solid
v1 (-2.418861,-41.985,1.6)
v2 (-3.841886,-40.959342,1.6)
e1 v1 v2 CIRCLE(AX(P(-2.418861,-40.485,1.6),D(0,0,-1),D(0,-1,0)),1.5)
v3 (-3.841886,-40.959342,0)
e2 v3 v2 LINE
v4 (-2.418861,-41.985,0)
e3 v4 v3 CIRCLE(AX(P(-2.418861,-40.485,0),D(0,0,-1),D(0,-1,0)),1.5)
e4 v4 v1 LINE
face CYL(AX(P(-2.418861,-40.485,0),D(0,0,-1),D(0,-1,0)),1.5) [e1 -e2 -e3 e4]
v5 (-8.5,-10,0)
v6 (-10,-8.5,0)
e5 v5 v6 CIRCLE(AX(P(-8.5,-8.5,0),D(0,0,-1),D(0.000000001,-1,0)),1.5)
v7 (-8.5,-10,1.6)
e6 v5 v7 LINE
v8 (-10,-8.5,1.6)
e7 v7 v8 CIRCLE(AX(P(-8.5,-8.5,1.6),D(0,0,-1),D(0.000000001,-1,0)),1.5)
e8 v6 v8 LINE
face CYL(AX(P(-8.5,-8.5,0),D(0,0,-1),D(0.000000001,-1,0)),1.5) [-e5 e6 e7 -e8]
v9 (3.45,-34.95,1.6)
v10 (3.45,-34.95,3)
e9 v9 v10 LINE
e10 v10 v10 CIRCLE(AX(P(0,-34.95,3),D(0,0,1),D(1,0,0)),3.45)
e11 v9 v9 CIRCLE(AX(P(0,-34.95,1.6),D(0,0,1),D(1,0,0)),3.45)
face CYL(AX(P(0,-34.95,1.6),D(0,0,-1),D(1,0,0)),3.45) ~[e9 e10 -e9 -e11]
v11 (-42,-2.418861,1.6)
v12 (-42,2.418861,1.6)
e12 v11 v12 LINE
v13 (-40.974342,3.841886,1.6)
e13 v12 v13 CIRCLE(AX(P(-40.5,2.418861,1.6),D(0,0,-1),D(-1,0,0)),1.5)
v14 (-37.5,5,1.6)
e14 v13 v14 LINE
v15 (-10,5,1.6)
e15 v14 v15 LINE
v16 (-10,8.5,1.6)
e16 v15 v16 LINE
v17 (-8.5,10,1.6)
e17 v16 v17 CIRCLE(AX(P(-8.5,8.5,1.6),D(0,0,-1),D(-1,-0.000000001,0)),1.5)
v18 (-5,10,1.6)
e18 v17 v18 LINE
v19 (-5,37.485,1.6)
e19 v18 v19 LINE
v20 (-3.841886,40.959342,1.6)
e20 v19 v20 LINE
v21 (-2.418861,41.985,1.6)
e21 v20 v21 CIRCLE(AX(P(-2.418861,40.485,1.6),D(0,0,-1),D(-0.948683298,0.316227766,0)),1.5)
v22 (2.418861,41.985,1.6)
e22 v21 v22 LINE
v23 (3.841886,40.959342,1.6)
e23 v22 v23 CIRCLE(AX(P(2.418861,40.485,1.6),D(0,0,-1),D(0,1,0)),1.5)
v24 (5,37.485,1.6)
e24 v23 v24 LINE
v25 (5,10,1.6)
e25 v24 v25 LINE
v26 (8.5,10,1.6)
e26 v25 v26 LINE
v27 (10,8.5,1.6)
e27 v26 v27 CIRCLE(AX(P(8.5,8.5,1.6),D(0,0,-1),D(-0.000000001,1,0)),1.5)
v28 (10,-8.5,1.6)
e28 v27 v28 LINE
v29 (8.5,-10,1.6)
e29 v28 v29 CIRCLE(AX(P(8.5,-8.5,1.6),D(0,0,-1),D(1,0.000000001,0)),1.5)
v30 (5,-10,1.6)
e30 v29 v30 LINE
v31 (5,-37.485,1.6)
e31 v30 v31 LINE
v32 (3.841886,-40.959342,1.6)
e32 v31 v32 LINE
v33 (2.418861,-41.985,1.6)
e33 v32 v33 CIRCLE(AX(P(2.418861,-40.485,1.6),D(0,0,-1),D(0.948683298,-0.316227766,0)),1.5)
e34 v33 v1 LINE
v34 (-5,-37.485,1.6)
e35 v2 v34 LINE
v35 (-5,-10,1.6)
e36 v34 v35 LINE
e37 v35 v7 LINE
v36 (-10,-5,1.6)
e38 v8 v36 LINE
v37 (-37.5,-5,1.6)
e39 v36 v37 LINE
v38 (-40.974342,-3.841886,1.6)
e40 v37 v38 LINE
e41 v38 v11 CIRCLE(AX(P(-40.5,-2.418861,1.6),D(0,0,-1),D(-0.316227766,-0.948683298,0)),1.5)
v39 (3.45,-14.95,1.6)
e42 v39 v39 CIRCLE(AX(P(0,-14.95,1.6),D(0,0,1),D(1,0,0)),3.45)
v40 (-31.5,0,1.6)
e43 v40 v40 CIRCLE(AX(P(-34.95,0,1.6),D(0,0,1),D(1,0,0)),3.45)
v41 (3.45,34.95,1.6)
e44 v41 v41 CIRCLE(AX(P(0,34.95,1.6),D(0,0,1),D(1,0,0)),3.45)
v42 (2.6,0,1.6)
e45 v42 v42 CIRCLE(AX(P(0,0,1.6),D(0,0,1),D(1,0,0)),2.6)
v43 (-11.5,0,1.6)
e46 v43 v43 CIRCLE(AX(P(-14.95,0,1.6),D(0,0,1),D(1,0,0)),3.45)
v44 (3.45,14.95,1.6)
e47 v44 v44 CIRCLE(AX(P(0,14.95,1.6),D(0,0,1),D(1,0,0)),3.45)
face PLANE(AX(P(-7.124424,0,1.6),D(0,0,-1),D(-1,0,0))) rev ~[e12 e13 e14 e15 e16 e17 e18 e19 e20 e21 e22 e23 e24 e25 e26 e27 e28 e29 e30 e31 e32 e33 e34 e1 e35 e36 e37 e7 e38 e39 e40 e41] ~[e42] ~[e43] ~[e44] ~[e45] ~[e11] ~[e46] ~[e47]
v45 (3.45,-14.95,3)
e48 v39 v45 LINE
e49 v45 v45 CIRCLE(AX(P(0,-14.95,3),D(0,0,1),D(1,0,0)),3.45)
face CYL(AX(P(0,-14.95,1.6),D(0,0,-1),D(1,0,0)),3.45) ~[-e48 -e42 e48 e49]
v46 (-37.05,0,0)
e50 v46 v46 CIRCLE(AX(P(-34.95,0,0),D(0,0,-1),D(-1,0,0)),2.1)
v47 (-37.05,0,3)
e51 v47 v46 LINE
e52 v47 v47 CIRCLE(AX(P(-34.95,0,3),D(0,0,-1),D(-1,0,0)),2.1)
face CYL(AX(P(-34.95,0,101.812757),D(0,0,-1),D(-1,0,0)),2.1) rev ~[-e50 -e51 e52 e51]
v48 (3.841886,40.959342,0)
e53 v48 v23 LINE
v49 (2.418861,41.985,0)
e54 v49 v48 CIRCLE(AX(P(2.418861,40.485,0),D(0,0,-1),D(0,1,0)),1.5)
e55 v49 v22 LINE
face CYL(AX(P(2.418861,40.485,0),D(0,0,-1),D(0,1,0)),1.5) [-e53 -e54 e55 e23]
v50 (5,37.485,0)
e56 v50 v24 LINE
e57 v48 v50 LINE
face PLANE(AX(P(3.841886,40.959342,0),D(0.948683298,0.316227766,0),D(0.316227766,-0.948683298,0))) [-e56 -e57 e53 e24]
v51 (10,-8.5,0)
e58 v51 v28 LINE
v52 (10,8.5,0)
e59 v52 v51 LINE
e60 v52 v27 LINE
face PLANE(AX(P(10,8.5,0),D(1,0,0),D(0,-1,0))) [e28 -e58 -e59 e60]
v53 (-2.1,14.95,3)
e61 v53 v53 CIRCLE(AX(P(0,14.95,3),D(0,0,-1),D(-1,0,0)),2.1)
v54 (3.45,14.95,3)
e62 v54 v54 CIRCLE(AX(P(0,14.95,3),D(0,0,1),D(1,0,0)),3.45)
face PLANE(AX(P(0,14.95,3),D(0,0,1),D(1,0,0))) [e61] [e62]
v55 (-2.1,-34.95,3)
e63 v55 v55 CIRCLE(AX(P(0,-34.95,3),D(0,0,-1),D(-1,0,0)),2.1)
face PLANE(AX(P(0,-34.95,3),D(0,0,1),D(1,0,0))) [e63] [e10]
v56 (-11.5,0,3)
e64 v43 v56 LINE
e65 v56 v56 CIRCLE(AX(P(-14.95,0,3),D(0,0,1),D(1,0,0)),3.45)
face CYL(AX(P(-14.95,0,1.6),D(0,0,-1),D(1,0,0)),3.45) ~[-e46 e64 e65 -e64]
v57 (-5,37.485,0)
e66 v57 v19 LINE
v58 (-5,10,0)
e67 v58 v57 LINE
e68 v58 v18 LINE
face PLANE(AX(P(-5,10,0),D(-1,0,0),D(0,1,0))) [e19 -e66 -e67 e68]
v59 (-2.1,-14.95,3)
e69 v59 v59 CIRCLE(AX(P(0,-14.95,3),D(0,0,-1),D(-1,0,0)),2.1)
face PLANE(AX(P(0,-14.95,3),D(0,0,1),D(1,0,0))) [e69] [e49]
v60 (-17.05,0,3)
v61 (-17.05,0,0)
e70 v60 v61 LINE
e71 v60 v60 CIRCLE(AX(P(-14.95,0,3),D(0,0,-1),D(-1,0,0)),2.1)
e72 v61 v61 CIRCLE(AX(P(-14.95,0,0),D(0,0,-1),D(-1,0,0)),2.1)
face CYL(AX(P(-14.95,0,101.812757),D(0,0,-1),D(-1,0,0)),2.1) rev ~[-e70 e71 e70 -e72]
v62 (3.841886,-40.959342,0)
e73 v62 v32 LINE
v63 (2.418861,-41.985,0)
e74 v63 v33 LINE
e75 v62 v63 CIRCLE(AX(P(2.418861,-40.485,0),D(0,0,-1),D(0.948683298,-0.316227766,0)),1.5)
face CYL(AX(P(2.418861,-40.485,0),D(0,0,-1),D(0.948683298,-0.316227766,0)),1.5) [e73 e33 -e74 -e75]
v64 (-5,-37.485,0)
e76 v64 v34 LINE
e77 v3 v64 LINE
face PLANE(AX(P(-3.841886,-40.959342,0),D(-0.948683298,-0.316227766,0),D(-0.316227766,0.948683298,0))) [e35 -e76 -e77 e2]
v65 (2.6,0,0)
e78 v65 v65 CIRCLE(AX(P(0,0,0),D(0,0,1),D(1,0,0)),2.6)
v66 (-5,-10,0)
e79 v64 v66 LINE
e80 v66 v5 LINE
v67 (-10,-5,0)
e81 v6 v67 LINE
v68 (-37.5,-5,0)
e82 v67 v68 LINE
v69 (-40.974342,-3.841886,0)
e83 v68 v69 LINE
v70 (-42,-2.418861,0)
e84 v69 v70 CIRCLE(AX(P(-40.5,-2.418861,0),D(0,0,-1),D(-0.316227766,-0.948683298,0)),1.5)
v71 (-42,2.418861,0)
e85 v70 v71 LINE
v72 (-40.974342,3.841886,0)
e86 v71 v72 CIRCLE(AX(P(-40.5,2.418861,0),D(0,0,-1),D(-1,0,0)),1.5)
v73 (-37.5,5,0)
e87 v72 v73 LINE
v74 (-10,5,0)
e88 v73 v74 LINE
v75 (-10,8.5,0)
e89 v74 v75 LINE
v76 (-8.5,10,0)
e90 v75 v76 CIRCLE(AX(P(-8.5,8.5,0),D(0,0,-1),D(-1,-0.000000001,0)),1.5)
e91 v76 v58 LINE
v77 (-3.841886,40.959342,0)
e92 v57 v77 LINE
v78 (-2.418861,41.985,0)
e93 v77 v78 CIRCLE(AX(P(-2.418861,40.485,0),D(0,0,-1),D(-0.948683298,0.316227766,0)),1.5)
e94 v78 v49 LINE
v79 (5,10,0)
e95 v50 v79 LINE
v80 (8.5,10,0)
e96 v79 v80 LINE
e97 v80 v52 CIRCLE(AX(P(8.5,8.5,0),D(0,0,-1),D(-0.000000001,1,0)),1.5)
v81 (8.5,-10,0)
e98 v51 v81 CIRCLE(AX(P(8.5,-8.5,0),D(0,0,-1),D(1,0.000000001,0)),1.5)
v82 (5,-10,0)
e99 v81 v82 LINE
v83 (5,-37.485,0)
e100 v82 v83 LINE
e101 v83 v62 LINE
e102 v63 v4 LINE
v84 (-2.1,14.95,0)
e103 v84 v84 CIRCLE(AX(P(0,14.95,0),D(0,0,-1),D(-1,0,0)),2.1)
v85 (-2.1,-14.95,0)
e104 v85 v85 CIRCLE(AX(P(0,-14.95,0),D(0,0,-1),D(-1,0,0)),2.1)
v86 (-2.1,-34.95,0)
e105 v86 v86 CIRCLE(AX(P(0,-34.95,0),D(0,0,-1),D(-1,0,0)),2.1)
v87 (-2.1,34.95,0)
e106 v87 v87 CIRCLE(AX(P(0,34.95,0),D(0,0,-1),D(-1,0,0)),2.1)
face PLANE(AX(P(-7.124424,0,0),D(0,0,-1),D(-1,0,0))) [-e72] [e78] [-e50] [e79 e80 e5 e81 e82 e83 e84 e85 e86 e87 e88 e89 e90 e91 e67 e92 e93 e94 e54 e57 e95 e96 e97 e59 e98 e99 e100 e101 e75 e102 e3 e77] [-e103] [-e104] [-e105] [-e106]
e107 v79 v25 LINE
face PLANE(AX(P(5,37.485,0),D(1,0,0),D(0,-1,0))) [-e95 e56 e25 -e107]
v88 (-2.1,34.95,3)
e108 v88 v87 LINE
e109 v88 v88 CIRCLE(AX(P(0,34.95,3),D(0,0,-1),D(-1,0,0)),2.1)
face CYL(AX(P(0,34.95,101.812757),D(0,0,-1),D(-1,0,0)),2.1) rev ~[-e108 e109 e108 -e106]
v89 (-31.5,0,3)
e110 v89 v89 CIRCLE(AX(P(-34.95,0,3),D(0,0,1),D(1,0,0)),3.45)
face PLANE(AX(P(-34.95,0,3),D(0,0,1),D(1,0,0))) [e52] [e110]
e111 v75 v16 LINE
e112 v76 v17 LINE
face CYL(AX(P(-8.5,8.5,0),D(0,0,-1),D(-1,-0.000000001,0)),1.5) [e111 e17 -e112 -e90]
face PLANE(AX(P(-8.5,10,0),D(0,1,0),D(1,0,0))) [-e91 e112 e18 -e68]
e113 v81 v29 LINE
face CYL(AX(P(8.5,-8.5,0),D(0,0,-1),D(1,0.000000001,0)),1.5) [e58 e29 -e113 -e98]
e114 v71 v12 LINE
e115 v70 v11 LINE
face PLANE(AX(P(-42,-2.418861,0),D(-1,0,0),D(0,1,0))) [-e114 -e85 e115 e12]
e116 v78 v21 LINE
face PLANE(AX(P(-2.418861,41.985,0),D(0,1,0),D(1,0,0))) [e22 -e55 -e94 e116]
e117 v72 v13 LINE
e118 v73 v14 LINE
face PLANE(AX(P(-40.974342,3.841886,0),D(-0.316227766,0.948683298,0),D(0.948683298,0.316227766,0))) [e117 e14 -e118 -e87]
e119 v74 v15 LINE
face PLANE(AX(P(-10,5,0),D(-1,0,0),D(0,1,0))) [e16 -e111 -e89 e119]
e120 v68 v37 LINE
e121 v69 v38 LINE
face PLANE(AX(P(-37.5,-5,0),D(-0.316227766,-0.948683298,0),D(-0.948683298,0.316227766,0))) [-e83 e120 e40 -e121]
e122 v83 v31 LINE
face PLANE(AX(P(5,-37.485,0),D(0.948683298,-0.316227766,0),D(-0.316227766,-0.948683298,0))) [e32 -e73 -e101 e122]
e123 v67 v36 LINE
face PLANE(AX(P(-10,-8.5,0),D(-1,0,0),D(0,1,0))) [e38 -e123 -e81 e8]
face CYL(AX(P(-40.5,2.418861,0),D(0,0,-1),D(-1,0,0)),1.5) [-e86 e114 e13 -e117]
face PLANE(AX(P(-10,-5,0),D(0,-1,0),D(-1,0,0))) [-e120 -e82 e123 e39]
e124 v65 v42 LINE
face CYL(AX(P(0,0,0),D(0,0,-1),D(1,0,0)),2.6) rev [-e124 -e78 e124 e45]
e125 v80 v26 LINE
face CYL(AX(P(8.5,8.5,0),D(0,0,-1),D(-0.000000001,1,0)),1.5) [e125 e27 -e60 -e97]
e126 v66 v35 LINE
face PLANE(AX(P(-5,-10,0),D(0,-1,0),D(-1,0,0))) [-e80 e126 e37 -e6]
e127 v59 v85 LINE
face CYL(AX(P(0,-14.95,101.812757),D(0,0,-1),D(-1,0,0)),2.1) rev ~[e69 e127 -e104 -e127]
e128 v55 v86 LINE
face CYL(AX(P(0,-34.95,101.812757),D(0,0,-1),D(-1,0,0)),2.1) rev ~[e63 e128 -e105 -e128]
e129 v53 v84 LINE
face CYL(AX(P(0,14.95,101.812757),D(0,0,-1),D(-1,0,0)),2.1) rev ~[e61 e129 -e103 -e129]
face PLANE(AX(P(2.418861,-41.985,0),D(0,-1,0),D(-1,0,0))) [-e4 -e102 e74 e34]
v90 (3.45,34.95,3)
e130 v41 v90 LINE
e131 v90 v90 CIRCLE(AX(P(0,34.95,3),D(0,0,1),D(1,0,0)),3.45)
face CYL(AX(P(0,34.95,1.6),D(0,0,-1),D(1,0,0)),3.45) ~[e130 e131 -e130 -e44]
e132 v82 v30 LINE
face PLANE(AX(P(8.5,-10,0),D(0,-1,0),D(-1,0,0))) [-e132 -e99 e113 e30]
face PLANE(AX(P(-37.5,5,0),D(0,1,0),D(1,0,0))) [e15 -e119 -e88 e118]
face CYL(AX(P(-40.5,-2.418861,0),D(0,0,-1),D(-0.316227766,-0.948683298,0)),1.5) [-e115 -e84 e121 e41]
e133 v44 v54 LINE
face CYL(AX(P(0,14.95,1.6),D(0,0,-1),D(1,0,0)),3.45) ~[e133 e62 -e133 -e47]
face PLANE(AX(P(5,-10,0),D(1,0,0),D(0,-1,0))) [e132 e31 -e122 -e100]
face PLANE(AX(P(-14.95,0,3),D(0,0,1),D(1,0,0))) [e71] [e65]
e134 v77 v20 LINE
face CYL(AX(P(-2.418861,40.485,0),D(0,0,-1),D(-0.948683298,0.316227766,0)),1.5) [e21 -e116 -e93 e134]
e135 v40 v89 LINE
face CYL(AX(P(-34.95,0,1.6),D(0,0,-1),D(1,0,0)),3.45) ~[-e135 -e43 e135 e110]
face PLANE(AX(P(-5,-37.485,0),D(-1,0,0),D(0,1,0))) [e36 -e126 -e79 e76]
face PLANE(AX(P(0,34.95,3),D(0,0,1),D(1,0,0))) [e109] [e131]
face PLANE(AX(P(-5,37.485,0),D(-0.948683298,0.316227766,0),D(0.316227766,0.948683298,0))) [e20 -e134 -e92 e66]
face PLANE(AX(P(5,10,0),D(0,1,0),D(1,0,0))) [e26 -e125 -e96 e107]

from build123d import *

# Parameters (mm, degrees)
SKETCH1_R             = 2.6
BOSS_EXTRUDE1_DEPTH   = 1.6
SKETCH2_R             = 3.45
BOSS_EXTRUDE2_DEPTH   = 1.4
M5X0_8_TAPPED_HOLE1_D = 4.2


with BuildPart() as part:
    # Sketch1 → Boss-Extrude1 (new body)
    with BuildSketch(Plane.XY):
        with BuildLine():
            Line((-10, -8.5), (-10, -5))
            Line((-10, -5), (-37.5, -5))
            Line((-37.5, -5), (-40.974341649, -3.841886117))
            ThreePointArc((-40.974341649, -3.841886117), (-41.716863278, -3.295926597), (-42, -2.41886117))
            Line((-42, -2.41886117), (-42, 2.41886117))
            ThreePointArc((-42, 2.41886117), (-41.716863278, 3.295926597), (-40.974341649, 3.841886117))
            Line((-40.974341649, 3.841886117), (-37.5, 5))
            Line((-37.5, 5), (-10, 5))
            Line((-10, 5), (-10, 8.5))
            ThreePointArc((-10, 8.5), (-9.560660172, 9.560660172), (-8.5, 10))
            Line((-8.5, 10), (-5, 10))
            Line((-5, 10), (-5, 37.485))
            Line((-5, 37.485), (-3.841886117, 40.959341649))
            ThreePointArc((-3.841886117, 40.959341649), (-3.295926597, 41.701863278), (-2.41886117, 41.985))
            Line((-2.41886117, 41.985), (2.41886117, 41.985))
            ThreePointArc((2.41886117, 41.985), (3.295926597, 41.701863278), (3.841886117, 40.959341649))
            Line((3.841886117, 40.959341649), (5, 37.485))
            Line((5, 37.485), (5, 10))
            Line((5, 10), (8.5, 10))
            ThreePointArc((8.5, 10), (9.560660172, 9.560660172), (10, 8.5))
            Line((10, 8.5), (10, -8.5))
            ThreePointArc((10, -8.5), (9.560660172, -9.560660172), (8.5, -10))
            Line((8.5, -10), (5, -10))
            Line((5, -10), (5, -37.485))
            Line((5, -37.485), (3.841886117, -40.959341649))
            ThreePointArc((3.841886117, -40.959341649), (3.295926597, -41.701863278), (2.41886117, -41.985))
            Line((2.41886117, -41.985), (-2.41886117, -41.985))
            ThreePointArc((-2.41886117, -41.985), (-3.295926597, -41.701863278), (-3.841886117, -40.959341649))
            Line((-3.841886117, -40.959341649), (-5, -37.485))
            Line((-5, -37.485), (-5, -10))
            Line((-5, -10), (-8.5, -10))
            ThreePointArc((-8.5, -10), (-9.560660172, -9.560660172), (-10, -8.5))
        make_face()
        Circle(SKETCH1_R, mode=Mode.SUBTRACT)
    extrude(amount=BOSS_EXTRUDE1_DEPTH)

    # Sketch2 → Boss-Extrude2 (add)
    with BuildSketch(Plane.XY.offset(1.6)):
        with Locations((0, 14.95)):
            Circle(SKETCH2_R)
        with Locations((0, 34.95)):
            Circle(SKETCH2_R)
        with Locations((0, -14.95)):
            Circle(SKETCH2_R)
        with Locations((0, -34.95)):
            Circle(SKETCH2_R)
        with Locations((-14.95, 0)):
            Circle(SKETCH2_R)
        with Locations((-34.95, 0)):
            Circle(SKETCH2_R)
    extrude(amount=BOSS_EXTRUDE2_DEPTH)

    # M5x0.8 Tapped Hole1 (through all)
    with Locations(Plane.XY.offset(3)):
        with Locations((0, 34.95), (0, 14.95), (0, -14.95), (0, -34.95), (-14.95, 0), (-34.95, 0)):
            Hole(M5X0_8_TAPPED_HOLE1_D / 2)


solid = part.part
